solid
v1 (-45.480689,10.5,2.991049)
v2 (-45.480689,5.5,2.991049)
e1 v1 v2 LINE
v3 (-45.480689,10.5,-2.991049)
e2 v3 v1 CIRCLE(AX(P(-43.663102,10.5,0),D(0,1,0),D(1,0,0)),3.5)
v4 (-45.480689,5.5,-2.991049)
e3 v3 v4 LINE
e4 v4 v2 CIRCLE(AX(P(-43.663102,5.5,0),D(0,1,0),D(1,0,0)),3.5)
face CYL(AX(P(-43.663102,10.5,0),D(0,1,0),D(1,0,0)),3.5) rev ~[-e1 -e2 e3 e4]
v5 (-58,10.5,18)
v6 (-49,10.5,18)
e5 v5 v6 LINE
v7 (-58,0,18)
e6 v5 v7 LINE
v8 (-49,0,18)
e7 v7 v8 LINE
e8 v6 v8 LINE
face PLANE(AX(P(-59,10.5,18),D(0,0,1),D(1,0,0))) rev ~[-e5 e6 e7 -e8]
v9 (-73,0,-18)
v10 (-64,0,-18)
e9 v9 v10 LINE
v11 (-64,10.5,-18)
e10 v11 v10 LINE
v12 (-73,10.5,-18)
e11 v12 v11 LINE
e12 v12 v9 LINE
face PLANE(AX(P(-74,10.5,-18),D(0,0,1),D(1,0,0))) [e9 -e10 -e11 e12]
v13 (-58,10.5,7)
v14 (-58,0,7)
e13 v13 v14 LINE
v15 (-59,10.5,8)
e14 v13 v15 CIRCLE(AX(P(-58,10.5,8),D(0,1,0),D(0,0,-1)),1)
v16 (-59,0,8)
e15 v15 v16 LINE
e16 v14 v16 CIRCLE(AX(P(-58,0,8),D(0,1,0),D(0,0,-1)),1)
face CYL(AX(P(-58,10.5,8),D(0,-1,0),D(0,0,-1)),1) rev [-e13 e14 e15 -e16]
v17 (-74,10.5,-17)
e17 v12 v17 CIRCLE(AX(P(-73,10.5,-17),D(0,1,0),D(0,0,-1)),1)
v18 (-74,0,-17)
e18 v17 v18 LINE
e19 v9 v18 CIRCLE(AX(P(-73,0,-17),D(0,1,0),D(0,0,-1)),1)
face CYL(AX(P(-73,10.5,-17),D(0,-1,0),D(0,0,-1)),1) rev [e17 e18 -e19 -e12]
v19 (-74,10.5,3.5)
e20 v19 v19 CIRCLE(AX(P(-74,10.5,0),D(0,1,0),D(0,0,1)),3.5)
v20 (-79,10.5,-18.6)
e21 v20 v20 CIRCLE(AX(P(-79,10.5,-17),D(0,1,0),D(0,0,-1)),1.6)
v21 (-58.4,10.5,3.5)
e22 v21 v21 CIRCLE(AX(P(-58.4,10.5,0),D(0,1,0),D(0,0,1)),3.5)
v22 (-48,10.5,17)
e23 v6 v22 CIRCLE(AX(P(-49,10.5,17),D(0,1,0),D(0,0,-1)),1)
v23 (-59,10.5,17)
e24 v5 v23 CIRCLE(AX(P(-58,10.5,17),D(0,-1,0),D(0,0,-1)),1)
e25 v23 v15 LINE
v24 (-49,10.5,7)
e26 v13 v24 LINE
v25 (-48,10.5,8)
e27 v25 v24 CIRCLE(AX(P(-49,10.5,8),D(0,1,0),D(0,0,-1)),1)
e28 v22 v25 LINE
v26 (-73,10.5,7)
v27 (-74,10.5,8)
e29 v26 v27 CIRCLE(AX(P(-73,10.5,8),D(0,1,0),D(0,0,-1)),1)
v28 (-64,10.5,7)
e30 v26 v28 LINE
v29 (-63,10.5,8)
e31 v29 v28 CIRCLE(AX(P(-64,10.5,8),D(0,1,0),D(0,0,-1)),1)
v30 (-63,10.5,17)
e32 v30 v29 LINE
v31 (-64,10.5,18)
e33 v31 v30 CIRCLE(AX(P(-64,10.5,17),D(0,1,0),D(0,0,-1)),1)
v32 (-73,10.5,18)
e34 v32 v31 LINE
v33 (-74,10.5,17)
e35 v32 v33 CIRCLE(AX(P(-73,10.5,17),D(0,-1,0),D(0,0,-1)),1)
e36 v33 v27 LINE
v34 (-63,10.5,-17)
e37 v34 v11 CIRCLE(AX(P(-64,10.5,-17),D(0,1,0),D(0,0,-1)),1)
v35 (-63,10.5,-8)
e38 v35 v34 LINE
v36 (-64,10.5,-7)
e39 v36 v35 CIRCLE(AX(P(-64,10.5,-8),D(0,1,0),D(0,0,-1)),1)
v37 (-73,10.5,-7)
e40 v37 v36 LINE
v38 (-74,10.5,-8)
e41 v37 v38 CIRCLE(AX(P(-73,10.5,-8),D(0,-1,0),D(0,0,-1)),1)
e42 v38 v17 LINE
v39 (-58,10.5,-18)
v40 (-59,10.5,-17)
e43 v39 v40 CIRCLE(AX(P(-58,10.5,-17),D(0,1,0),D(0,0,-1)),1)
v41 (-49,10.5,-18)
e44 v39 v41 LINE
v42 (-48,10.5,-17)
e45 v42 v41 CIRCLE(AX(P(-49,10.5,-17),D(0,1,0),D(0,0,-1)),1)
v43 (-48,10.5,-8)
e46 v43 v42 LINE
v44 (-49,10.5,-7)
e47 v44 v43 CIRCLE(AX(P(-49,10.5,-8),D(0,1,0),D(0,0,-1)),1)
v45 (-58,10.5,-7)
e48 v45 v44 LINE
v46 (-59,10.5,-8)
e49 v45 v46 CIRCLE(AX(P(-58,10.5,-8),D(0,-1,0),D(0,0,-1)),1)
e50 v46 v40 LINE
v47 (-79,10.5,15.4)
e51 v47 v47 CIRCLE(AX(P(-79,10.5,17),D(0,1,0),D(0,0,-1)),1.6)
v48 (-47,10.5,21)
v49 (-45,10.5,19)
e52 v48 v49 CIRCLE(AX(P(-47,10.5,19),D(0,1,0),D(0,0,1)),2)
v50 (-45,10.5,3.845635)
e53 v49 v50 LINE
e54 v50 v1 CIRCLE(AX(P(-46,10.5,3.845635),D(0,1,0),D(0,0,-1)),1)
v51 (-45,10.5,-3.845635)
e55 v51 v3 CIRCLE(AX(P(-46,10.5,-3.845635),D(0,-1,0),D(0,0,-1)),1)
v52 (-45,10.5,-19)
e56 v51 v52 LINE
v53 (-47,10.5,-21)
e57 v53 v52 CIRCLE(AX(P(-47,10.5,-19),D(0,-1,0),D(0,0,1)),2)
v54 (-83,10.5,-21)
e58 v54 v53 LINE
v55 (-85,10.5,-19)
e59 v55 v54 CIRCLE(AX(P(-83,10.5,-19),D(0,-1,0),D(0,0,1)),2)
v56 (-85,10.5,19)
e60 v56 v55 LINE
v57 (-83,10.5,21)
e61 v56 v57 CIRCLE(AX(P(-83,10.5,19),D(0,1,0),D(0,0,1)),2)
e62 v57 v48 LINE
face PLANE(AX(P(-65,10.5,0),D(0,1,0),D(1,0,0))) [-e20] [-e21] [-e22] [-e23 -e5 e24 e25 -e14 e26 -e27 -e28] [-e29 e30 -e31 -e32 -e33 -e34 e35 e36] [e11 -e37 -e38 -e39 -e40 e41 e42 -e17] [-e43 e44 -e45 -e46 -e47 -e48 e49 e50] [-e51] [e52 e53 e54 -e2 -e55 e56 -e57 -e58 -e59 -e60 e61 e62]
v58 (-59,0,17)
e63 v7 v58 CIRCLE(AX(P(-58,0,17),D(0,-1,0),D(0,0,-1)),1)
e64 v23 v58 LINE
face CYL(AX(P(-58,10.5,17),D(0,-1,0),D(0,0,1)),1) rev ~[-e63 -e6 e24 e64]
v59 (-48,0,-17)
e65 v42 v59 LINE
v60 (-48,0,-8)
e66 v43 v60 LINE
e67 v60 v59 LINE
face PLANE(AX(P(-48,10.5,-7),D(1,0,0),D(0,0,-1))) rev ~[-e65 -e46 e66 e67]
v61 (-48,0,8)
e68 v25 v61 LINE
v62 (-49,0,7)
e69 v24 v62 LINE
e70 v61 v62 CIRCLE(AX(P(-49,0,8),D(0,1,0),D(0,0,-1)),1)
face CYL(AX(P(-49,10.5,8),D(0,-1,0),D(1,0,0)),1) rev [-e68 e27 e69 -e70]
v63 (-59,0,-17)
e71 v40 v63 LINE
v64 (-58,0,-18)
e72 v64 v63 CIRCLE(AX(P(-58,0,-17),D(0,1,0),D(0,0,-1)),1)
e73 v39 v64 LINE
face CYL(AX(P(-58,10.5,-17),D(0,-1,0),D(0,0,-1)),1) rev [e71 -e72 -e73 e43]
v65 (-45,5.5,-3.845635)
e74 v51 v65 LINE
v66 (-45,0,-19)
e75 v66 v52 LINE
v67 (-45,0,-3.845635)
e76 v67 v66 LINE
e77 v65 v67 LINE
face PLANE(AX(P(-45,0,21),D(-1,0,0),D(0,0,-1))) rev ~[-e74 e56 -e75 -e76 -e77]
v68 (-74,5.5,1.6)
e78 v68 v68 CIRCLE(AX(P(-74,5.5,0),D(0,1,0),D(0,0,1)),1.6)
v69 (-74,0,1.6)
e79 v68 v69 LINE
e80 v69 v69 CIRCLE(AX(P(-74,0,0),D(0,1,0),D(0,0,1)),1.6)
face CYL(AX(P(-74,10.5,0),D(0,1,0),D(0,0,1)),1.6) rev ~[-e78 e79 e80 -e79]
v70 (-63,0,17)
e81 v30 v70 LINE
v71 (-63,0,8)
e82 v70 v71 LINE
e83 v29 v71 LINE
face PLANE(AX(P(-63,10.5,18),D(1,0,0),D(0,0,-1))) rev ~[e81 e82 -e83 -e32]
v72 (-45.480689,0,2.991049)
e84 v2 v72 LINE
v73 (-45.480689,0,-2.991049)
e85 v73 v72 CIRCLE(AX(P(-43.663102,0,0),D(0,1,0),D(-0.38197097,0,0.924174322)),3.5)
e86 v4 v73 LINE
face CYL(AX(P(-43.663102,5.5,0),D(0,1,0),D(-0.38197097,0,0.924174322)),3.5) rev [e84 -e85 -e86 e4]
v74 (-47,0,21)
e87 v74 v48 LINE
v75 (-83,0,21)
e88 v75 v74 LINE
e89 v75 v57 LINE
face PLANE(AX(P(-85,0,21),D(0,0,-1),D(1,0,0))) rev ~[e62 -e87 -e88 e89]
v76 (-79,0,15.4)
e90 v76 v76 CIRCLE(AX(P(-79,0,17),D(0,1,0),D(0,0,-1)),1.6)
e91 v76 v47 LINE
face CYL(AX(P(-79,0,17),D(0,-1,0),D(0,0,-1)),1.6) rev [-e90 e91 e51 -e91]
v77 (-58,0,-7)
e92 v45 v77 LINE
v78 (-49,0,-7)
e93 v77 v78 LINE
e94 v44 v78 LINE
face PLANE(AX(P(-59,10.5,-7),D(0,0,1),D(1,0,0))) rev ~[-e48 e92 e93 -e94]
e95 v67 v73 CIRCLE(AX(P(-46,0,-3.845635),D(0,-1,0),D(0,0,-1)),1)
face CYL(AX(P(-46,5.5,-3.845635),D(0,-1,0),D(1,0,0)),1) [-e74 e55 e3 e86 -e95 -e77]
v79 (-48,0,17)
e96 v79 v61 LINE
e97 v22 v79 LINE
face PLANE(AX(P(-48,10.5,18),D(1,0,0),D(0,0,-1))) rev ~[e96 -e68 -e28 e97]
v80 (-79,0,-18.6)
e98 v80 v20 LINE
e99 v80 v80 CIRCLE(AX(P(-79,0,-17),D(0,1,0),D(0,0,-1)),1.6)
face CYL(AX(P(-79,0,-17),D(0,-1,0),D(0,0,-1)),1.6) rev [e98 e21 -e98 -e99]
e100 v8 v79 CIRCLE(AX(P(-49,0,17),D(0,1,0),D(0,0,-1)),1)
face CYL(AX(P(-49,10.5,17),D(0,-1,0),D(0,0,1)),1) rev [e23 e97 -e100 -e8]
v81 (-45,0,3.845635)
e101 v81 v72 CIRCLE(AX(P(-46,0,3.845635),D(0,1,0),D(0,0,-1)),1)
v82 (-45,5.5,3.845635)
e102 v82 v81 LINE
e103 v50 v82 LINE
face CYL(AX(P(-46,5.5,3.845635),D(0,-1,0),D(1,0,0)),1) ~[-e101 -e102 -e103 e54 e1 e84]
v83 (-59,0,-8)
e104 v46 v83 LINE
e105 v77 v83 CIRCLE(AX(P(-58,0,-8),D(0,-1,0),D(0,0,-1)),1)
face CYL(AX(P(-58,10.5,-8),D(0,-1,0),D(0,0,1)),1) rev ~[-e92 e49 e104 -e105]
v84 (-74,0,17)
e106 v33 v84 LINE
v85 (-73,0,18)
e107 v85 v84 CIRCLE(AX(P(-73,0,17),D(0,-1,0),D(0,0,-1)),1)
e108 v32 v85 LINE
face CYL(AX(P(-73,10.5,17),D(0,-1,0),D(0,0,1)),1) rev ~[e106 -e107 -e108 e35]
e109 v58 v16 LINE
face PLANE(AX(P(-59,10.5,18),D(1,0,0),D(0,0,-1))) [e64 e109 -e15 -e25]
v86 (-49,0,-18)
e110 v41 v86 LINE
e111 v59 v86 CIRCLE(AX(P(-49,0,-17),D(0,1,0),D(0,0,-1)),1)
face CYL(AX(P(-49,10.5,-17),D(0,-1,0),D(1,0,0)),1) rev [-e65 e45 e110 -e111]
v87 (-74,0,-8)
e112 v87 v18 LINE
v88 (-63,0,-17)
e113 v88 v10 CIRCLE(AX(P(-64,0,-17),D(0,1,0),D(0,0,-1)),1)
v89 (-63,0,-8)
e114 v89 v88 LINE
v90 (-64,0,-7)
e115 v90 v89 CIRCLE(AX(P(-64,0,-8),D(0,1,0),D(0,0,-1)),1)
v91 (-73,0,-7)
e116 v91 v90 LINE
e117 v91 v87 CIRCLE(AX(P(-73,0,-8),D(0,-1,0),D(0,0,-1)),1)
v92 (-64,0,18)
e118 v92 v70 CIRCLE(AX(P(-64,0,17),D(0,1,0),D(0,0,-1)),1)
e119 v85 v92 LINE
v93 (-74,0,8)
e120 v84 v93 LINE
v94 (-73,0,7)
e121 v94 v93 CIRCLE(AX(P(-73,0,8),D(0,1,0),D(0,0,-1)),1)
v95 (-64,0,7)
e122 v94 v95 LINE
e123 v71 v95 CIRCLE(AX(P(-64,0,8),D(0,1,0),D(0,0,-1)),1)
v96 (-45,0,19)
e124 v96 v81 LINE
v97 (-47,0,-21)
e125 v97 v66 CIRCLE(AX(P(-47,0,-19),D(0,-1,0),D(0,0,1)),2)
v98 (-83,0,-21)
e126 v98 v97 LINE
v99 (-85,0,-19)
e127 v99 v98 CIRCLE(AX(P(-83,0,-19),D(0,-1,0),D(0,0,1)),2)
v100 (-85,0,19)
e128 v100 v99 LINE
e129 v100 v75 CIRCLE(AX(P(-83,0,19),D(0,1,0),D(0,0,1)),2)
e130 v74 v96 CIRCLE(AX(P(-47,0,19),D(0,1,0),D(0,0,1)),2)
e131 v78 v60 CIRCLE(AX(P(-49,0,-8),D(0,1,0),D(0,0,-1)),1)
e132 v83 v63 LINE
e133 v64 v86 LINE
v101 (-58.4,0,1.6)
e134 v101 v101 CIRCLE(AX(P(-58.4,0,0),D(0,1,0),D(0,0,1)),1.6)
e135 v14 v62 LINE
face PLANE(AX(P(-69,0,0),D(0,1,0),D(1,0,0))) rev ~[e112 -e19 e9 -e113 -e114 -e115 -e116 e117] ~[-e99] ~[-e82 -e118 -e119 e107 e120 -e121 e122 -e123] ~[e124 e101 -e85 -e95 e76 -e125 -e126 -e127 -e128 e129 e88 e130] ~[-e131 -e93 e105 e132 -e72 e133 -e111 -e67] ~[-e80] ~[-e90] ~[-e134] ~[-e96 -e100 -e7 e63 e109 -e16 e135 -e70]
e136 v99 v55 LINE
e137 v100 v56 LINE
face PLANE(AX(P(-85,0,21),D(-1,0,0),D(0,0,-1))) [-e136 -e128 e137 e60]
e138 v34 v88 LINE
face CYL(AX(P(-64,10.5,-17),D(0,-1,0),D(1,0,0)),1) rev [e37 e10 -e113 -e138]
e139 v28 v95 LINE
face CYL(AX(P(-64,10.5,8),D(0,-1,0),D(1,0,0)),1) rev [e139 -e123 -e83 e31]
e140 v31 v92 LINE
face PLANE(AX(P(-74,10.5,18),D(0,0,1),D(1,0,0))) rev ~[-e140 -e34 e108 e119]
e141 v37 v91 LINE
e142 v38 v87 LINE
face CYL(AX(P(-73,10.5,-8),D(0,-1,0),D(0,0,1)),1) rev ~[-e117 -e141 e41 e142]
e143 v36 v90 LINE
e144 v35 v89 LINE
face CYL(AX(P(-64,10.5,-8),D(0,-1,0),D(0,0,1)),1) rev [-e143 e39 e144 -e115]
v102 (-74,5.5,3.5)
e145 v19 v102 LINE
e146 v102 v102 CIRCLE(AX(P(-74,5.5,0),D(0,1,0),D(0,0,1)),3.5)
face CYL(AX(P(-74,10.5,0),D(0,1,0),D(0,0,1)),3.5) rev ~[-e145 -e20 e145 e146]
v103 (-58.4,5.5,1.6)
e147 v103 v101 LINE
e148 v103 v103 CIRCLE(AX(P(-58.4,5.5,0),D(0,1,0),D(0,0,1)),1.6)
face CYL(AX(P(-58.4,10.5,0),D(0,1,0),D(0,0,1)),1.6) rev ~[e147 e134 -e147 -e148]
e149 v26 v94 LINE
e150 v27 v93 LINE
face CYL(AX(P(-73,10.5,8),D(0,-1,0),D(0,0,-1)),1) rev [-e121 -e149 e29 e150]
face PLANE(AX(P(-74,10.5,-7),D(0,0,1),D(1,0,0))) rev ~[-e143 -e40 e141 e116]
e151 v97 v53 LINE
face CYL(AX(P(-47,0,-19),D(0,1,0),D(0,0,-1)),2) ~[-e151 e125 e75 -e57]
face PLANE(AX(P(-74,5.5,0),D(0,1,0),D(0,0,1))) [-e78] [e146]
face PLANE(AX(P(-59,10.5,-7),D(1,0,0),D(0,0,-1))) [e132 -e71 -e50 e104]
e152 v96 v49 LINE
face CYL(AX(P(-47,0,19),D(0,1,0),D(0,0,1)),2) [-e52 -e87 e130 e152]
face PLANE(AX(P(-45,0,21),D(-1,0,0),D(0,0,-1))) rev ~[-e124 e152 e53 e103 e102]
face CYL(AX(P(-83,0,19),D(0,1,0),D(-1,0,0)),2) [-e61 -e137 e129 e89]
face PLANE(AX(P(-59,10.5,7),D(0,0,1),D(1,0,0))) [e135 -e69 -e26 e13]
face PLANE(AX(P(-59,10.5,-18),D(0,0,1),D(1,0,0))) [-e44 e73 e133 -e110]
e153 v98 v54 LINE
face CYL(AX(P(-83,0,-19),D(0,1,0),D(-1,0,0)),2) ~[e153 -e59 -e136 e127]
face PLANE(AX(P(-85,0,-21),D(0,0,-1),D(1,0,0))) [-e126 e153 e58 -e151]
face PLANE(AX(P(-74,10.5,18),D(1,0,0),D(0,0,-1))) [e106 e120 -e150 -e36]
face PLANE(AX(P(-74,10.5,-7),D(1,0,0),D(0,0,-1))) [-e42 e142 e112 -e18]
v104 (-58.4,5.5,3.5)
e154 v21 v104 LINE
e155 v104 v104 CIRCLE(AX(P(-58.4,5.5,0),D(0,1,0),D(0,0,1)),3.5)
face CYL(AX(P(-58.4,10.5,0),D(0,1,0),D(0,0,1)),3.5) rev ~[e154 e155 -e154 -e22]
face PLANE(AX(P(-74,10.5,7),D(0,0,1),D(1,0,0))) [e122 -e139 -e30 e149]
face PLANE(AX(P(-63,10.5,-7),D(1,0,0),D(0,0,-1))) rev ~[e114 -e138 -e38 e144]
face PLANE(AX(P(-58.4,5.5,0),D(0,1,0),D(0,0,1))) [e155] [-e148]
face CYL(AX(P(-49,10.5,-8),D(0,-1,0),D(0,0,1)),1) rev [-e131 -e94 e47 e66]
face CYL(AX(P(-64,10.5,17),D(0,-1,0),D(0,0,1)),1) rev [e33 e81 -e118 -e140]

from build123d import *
from build123d.topology import SkipClean

# Parameters (mm, degrees)
SKETCH_1_W          = 40
SKETCH_1_H          = 42
SKETCH_1_R          = 1.6
EXTRUDE_1_DEPTH     = 10.5
FILLET_1_R          = 2
SKETCH_2_R          = 1.6
CUT_EXTRUDE_1_DEPTH = 89.183048258
EXTRUDE_START       = -10.5
SKETCH_3_R          = 1.6
EXTRUDE_2_DEPTH     = 10.5
SKETCH_4_R          = 3.5
CUT_EXTRUDE_2_DEPTH = 5
CUT_EXTRUDE_3_DEPTH = 88.728273664
SKETCH_6_W          = 11
SKETCH_6_H          = 11
CUT_EXTRUDE_4_DEPTH = 89.183048258
FILLET_2_R          = 1


with BuildPart() as part:
    # 草图1 → 凸台-拉伸1 (new body)
    with BuildSketch(Plane(origin=(0, 0, 0), x_dir=(1, 0, 0), z_dir=(0, 1, 0))):
        with Locations((-65, 0)):
            Rectangle(SKETCH_1_W, SKETCH_1_H)
        with Locations(Location((-79, -17, 0), (0, 0, 90))):
            Circle(SKETCH_1_R, mode=Mode.SUBTRACT)
        with Locations(Location((-69, 0, 0), (0, 0, 90))):
            Circle(SKETCH_1_R, mode=Mode.SUBTRACT)
        with Locations(Location((-79, 17, 0), (0, 0, 90))):
            Circle(SKETCH_1_R, mode=Mode.SUBTRACT)
    extrude(amount=EXTRUDE_1_DEPTH)

    # 圆角1
    fillet_1_edges = [part.edges().sort_by_distance(p)[0] for p in [
        (-45, 5.25, -21),
        (-45, 5.25, 21),
        (-85, 5.25, 21),
        (-85, 5.25, -21),
    ]]
    fillet(fillet_1_edges, radius=FILLET_1_R)

    # 草图2 → 切除-拉伸1 (cut, through all)
    with BuildSketch(Plane(origin=(0, 10.5, 0), x_dir=(1, 0, 0), z_dir=(0, 1, 0))):
        with Locations(Location((-74, 0, 0), (0, 0, 270))):
            Circle(SKETCH_2_R)
        with Locations((-44, 0)):
            Circle(SKETCH_2_R)
        with Locations(Location((-58.4, 0, 0), (0, 0, 270))):
            Circle(SKETCH_2_R)
    extrude(amount=-CUT_EXTRUDE_1_DEPTH, mode=Mode.SUBTRACT)

    # 草图3 → 凸台-拉伸2 (add)
    with BuildSketch(Plane(origin=(0, 10.5, 0), x_dir=(1, 0, 0), z_dir=(0, 1, 0)).offset(EXTRUDE_START)):
        with Locations((-69, 0)):
            Circle(SKETCH_3_R)
    extrude(amount=EXTRUDE_2_DEPTH)

    # 草图4 → 切除-拉伸2 (cut)
    with BuildSketch(Plane(origin=(0, 10.5, 0), x_dir=(1, 0, 0), z_dir=(0, 1, 0))):
        with Locations(Location((-74, 0, 0), (0, 0, 270))):
            Circle(SKETCH_4_R)
        with Locations(Location((-58.4, 0, 0), (0, 0, 270))):
            Circle(SKETCH_4_R)
        with Locations((-43.663101604, 0)):
            Circle(SKETCH_4_R)
    extrude(amount=-CUT_EXTRUDE_2_DEPTH, mode=Mode.SUBTRACT)

    # 草图5 → 切除-拉伸3 (cut, through all)
    with SkipClean():  # the faces are left unmerged after this step: merging them gives an invalid solid
        with BuildSketch(Plane(origin=(0, 5.5, 0), x_dir=(1, 0, 0), z_dir=(0, 1, 0))):
            with BuildLine():
                Line((-45, 3.234610128), (-45, -3.234610128))
                ThreePointArc((-45, -3.234610128), (-47.163101604, 0), (-45, 3.234610128))
            make_face()
        extrude(amount=-CUT_EXTRUDE_3_DEPTH, mode=Mode.SUBTRACT)

    # 草图6 → 切除-拉伸4 (cut, through all)
    with SkipClean():  # the faces are left unmerged after this step: merging them gives an invalid solid
        with BuildSketch(Plane(origin=(0, 10.5, 0), x_dir=(1, 0, 0), z_dir=(0, 1, 0))):
            with Locations((-68.5, 12.5)):
                Rectangle(SKETCH_6_W, SKETCH_6_H)
            with Locations((-53.5, 12.5)):
                Rectangle(SKETCH_6_W, SKETCH_6_H)
            with Locations((-68.5, -12.5)):
                Rectangle(SKETCH_6_W, SKETCH_6_H)
            with Locations((-53.5, -12.5)):
                Rectangle(SKETCH_6_W, SKETCH_6_H)
        extrude(amount=-CUT_EXTRUDE_4_DEPTH, mode=Mode.SUBTRACT)

    # 圆角2
    fillet_2_edges = [part.edges().sort_by_distance(p)[0] for p in [
        (-59, 5.25, -18),
        (-48, 5.25, -18),
        (-48, 5.25, -7),
        (-59, 5.25, -7),
        (-74, 5.25, 7),
        (-63, 5.25, 7),
        (-63, 5.25, 18),
        (-74, 5.25, 18),
        (-59, 5.25, 7),
        (-48, 5.25, 7),
        (-48, 5.25, 18),
        (-59, 5.25, 18),
        (-63, 5.25, -18),
        (-63, 5.25, -7),
        (-74, 5.25, -7),
        (-74, 5.25, -18),
        (-45, 2.75, -3.234610128),
        (-45, 2.75, 3.234610128),
    ]]
    fillet(fillet_2_edges, radius=FILLET_2_R)


solid = part.part
